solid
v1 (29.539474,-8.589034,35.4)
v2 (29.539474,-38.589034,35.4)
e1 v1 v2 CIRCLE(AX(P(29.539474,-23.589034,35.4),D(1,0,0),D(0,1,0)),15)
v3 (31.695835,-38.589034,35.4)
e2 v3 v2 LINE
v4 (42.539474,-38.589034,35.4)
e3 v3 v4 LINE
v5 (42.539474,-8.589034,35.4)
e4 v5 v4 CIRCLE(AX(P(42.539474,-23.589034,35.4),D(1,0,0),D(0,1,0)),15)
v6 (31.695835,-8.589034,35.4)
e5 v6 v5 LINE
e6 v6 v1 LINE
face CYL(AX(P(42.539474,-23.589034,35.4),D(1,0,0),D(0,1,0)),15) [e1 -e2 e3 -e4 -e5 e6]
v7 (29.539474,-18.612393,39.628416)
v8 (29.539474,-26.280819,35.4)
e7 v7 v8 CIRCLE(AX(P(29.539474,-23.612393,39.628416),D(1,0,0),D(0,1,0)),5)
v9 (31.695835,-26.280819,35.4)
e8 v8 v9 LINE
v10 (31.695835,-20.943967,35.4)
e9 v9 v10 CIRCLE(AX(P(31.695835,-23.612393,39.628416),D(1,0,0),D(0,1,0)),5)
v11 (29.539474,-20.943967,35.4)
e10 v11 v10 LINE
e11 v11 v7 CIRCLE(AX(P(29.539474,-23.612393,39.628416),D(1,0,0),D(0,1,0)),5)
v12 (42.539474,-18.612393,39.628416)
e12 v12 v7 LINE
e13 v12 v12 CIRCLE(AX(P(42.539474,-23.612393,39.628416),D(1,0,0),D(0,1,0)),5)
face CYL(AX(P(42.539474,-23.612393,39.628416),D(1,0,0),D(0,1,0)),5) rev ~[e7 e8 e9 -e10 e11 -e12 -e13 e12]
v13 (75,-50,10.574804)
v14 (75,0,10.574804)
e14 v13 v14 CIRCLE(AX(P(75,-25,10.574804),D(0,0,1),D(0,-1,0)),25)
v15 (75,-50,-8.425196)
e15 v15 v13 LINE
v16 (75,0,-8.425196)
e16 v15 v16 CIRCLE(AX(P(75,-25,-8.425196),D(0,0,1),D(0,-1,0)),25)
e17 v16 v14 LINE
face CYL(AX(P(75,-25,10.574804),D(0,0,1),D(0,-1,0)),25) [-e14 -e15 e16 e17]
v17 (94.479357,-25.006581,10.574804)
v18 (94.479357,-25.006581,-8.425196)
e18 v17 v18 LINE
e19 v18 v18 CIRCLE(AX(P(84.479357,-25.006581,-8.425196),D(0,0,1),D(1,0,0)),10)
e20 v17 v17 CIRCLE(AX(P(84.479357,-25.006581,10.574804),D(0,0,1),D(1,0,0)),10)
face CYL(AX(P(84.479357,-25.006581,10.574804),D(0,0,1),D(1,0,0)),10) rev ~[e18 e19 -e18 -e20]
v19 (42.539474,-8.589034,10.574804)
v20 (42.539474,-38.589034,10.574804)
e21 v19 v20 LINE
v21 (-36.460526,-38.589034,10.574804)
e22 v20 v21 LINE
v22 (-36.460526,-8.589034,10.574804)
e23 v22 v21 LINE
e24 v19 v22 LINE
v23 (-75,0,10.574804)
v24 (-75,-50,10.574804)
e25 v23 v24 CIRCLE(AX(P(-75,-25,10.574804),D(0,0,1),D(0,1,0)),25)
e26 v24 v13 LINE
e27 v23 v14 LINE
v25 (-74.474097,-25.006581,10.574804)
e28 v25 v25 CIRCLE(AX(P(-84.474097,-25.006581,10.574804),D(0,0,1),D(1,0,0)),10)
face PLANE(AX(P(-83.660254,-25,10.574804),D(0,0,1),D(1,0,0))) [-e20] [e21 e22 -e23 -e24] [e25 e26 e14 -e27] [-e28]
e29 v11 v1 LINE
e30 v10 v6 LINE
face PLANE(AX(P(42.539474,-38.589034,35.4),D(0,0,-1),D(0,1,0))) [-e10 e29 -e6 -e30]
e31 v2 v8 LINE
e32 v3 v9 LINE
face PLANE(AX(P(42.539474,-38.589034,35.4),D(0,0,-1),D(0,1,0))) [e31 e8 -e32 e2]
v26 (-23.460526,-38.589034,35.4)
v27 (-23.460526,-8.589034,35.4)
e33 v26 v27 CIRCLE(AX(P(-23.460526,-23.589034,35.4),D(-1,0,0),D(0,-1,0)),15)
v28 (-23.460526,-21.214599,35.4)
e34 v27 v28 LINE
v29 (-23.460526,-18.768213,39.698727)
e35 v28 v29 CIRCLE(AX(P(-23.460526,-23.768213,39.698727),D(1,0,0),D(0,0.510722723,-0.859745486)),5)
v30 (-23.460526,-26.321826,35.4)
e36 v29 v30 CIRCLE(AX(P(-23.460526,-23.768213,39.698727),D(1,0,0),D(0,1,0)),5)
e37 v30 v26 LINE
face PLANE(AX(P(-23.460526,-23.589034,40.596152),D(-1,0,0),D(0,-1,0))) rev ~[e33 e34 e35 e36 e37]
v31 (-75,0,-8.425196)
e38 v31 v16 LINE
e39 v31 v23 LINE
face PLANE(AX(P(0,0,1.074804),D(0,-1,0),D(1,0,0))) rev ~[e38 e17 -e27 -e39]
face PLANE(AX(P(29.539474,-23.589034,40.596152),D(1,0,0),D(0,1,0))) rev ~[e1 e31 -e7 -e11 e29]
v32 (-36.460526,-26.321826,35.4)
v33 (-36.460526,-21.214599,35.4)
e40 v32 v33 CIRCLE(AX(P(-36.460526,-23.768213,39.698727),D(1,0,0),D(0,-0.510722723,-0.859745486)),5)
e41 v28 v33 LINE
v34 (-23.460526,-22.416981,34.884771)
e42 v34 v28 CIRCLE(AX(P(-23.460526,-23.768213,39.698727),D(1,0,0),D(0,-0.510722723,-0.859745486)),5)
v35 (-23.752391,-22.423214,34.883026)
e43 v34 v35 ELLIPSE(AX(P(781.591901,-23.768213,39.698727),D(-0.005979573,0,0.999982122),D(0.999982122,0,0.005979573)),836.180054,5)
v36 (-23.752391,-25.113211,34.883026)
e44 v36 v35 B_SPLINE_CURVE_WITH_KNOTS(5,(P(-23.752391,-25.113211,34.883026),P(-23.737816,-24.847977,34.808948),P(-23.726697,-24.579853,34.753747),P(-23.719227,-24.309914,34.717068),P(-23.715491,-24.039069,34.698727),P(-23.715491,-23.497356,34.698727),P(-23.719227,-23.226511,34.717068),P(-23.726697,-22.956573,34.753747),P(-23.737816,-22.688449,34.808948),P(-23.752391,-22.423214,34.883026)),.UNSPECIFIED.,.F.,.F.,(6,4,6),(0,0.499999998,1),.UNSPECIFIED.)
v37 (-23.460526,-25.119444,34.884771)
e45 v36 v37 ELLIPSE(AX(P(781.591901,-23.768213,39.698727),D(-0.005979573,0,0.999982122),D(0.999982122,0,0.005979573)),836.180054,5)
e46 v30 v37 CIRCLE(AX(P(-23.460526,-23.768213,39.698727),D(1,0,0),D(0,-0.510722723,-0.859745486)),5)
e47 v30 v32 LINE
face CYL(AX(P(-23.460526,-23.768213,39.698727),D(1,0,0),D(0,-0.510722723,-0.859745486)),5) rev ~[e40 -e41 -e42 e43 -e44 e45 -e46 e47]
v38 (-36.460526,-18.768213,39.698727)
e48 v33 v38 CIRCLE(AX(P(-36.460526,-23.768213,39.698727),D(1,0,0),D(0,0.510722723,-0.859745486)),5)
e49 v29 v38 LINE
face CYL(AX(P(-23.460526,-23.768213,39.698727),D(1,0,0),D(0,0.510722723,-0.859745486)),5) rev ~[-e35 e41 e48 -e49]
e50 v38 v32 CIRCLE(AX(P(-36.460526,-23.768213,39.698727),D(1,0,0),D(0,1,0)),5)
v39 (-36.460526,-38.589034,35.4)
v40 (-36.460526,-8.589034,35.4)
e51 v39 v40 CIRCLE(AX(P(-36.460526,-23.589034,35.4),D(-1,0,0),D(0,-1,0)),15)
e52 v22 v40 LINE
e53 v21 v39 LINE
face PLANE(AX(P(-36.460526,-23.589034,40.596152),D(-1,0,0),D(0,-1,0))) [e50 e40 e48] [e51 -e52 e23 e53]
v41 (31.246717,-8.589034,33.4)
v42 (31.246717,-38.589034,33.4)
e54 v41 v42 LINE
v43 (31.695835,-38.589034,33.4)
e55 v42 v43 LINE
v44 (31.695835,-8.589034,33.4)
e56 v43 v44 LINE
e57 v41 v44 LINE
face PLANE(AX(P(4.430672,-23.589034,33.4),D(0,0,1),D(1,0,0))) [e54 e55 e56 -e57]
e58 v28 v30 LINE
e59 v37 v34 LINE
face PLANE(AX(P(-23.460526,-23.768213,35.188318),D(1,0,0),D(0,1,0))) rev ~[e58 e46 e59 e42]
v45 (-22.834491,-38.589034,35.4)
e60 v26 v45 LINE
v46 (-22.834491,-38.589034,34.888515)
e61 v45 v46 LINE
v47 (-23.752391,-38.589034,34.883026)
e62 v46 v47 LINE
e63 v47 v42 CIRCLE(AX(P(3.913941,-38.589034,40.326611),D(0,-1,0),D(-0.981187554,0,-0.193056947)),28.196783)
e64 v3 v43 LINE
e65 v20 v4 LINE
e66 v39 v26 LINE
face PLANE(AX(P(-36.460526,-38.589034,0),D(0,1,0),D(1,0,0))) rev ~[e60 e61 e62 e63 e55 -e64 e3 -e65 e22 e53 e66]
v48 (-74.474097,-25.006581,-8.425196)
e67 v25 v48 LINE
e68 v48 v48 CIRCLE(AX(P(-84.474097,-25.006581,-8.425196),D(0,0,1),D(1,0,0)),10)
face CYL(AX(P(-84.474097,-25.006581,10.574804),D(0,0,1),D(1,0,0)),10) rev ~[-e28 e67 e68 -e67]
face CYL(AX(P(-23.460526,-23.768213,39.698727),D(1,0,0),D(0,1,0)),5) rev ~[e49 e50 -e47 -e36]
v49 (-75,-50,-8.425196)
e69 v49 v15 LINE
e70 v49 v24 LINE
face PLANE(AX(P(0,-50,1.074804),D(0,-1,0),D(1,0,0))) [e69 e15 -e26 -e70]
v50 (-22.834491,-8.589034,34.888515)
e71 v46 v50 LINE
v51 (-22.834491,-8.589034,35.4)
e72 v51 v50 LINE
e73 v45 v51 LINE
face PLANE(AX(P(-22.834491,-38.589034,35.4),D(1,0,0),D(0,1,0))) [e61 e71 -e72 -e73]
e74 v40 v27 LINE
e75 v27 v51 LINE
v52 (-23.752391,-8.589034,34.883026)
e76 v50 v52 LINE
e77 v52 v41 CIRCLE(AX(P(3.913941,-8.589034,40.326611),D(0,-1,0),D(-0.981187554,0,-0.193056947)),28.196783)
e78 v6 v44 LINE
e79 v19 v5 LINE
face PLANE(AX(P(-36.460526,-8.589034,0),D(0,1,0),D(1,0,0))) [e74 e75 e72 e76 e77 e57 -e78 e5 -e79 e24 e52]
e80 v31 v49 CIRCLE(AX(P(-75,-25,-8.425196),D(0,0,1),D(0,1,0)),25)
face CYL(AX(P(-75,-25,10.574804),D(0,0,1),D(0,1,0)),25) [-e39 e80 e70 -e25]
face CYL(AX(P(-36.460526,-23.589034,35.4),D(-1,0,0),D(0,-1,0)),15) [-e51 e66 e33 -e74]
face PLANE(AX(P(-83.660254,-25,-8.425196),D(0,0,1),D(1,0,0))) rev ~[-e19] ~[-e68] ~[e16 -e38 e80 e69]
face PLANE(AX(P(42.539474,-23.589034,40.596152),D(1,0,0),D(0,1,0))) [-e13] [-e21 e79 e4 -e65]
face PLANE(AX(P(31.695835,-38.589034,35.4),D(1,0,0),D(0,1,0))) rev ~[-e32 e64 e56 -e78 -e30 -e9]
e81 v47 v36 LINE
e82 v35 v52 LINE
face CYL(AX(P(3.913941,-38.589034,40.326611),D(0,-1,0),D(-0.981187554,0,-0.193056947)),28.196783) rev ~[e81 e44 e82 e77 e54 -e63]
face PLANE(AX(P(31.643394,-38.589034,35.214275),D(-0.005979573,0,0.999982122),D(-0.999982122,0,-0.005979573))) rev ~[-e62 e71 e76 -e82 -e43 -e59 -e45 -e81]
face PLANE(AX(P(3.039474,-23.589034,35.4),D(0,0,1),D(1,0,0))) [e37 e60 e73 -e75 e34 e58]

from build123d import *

# Parameters (mm, degrees)
F0_W      = 150
F0_H      = 19
F1_DEPTH  = 50
F3_DEPTH  = 19
F4_W      = 79
F4_H      = 30
F5_DEPTH  = 35.4
F8_DEPTH  = 30
F9_W      = 54.530326277
F9_H      = 30
F10_DEPTH = 2
F12_DEPTH = 13
F14_DEPTH = 13
F15_R     = 5
F16_DEPTH = 13
F18_DEPTH = 13
F19_R     = 10
F20_DEPTH = 19
F21_DEPTH = 19


with BuildPart() as f1:
    # F0 (on Front) → F1 (new body)
    with BuildSketch(Plane.XZ):
        with Locations((0, 1.0748035961)):
            Rectangle(F0_W, F0_H)
    extrude(amount=F1_DEPTH)

    # F2 (on face) → F3 (join)
    with BuildSketch(Plane.XY.offset(10.5748035961)):
        with BuildLine():
            Line((-75, -50), (-75, 0))
            ThreePointArc((-75, 0), (-100, -25), (-75, -50))
        make_face()
        with BuildLine():
            ThreePointArc((75, -50), (100, -25), (75, 0))
            Line((75, 0), (75, -50))
        make_face()
    extrude(amount=-F3_DEPTH)

    # F4 (on Top) → F5 (join)
    with BuildSketch(Plane.XY):
        with Locations((3.0394736677, -23.589033746)):
            Rectangle(F4_W, F4_H)
    extrude(amount=F5_DEPTH)

    # F7 (on face) → F8 (cut)
    with BuildSketch(Plane.XZ.offset(38.589033746)):
        with BuildLine():
            Line((31.6433943808, 35.2142751217), (-23.7523913383, 34.8830260336))
            ThreePointArc((-23.7523913383, 34.8830260336), (4.0825457385, 12.1303321123), (31.6433943808, 35.2142751217))
        make_face()
    extrude(amount=-F8_DEPTH, mode=Mode.SUBTRACT)

    # F9 (on face) → F10 (cut)
    with BuildSketch(Plane.XY.offset(35.4)):
        with Locations((4.4306721538, -23.589033746)):
            Rectangle(F9_W, F9_H)
    extrude(amount=-F10_DEPTH, mode=Mode.SUBTRACT)

    # F11 (on face) → F12 (join)
    with BuildSketch(Plane(origin=(-36.4605263323, 0, 0), x_dir=(0, -1, 0), z_dir=(-1, 0, 0))):
        with BuildLine():
            Line((8.589033746, 35.4), (38.589033746, 35.4))
            ThreePointArc((38.589033746, 35.4), (23.589033746, 50.4), (8.589033746, 35.4))
        make_face()
    extrude(amount=-F12_DEPTH)

    # F13 (on face) → F14 (join)
    with BuildSketch(Plane.YZ.offset(42.5394736677)):
        with BuildLine():
            Line((-38.589033746, 35.4), (-8.589033746, 35.4))
            ThreePointArc((-8.589033746, 35.4), (-23.589033746, 50.4), (-38.589033746, 35.4))
        make_face()
    extrude(amount=-F14_DEPTH)

    # F15 (on face) → F16 (cut)
    with BuildSketch(Plane.YZ.offset(42.5394736677)):
        with Locations((-23.6123930663, 39.6284162998)):
            Circle(F15_R)
    extrude(amount=-F16_DEPTH, mode=Mode.SUBTRACT)

    # F17 (on face) → F18 (cut)
    with BuildSketch(Plane.YZ.offset(-23.4605263323)):
        with BuildLine():
            Line((-21.2145990318, 35.4), (-26.3218262607, 35.4))
            ThreePointArc((-26.3218262607, 35.4), (-23.7682126462, 34.6987274289), (-21.2145990318, 35.4))
        make_face()
        with BuildLine():
            ThreePointArc((-21.2145990318, 35.4), (-19.4226362707, 37.2256795192), (-18.7682126462, 39.6987274289))
            ThreePointArc((-18.7682126462, 39.6987274289), (-26.241260556, 44.0443038045), (-26.3218262607, 35.4))
            Line((-26.3218262607, 35.4), (-21.2145990318, 35.4))
        make_face()
    extrude(amount=-F18_DEPTH, mode=Mode.SUBTRACT)

    # F19 (on face) → F20 (cut)
    with BuildSketch(Plane.XY.offset(10.5748035961)):
        with Locations((-84.4740969445, -25.0065810978)):
            Circle(F19_R)
    extrude(amount=-F20_DEPTH, mode=Mode.SUBTRACT)

    # F19 (on face) → F21 (cut)
    with BuildSketch(Plane.XY.offset(10.5748035961)):
        with Locations((-84.4740969445, -25.0065810978)):
            Circle(F19_R)
        with Locations((84.4793568792, -25.0065810978)):
            Circle(F19_R)
    extrude(amount=-F21_DEPTH, mode=Mode.SUBTRACT)


solid = f1.part
